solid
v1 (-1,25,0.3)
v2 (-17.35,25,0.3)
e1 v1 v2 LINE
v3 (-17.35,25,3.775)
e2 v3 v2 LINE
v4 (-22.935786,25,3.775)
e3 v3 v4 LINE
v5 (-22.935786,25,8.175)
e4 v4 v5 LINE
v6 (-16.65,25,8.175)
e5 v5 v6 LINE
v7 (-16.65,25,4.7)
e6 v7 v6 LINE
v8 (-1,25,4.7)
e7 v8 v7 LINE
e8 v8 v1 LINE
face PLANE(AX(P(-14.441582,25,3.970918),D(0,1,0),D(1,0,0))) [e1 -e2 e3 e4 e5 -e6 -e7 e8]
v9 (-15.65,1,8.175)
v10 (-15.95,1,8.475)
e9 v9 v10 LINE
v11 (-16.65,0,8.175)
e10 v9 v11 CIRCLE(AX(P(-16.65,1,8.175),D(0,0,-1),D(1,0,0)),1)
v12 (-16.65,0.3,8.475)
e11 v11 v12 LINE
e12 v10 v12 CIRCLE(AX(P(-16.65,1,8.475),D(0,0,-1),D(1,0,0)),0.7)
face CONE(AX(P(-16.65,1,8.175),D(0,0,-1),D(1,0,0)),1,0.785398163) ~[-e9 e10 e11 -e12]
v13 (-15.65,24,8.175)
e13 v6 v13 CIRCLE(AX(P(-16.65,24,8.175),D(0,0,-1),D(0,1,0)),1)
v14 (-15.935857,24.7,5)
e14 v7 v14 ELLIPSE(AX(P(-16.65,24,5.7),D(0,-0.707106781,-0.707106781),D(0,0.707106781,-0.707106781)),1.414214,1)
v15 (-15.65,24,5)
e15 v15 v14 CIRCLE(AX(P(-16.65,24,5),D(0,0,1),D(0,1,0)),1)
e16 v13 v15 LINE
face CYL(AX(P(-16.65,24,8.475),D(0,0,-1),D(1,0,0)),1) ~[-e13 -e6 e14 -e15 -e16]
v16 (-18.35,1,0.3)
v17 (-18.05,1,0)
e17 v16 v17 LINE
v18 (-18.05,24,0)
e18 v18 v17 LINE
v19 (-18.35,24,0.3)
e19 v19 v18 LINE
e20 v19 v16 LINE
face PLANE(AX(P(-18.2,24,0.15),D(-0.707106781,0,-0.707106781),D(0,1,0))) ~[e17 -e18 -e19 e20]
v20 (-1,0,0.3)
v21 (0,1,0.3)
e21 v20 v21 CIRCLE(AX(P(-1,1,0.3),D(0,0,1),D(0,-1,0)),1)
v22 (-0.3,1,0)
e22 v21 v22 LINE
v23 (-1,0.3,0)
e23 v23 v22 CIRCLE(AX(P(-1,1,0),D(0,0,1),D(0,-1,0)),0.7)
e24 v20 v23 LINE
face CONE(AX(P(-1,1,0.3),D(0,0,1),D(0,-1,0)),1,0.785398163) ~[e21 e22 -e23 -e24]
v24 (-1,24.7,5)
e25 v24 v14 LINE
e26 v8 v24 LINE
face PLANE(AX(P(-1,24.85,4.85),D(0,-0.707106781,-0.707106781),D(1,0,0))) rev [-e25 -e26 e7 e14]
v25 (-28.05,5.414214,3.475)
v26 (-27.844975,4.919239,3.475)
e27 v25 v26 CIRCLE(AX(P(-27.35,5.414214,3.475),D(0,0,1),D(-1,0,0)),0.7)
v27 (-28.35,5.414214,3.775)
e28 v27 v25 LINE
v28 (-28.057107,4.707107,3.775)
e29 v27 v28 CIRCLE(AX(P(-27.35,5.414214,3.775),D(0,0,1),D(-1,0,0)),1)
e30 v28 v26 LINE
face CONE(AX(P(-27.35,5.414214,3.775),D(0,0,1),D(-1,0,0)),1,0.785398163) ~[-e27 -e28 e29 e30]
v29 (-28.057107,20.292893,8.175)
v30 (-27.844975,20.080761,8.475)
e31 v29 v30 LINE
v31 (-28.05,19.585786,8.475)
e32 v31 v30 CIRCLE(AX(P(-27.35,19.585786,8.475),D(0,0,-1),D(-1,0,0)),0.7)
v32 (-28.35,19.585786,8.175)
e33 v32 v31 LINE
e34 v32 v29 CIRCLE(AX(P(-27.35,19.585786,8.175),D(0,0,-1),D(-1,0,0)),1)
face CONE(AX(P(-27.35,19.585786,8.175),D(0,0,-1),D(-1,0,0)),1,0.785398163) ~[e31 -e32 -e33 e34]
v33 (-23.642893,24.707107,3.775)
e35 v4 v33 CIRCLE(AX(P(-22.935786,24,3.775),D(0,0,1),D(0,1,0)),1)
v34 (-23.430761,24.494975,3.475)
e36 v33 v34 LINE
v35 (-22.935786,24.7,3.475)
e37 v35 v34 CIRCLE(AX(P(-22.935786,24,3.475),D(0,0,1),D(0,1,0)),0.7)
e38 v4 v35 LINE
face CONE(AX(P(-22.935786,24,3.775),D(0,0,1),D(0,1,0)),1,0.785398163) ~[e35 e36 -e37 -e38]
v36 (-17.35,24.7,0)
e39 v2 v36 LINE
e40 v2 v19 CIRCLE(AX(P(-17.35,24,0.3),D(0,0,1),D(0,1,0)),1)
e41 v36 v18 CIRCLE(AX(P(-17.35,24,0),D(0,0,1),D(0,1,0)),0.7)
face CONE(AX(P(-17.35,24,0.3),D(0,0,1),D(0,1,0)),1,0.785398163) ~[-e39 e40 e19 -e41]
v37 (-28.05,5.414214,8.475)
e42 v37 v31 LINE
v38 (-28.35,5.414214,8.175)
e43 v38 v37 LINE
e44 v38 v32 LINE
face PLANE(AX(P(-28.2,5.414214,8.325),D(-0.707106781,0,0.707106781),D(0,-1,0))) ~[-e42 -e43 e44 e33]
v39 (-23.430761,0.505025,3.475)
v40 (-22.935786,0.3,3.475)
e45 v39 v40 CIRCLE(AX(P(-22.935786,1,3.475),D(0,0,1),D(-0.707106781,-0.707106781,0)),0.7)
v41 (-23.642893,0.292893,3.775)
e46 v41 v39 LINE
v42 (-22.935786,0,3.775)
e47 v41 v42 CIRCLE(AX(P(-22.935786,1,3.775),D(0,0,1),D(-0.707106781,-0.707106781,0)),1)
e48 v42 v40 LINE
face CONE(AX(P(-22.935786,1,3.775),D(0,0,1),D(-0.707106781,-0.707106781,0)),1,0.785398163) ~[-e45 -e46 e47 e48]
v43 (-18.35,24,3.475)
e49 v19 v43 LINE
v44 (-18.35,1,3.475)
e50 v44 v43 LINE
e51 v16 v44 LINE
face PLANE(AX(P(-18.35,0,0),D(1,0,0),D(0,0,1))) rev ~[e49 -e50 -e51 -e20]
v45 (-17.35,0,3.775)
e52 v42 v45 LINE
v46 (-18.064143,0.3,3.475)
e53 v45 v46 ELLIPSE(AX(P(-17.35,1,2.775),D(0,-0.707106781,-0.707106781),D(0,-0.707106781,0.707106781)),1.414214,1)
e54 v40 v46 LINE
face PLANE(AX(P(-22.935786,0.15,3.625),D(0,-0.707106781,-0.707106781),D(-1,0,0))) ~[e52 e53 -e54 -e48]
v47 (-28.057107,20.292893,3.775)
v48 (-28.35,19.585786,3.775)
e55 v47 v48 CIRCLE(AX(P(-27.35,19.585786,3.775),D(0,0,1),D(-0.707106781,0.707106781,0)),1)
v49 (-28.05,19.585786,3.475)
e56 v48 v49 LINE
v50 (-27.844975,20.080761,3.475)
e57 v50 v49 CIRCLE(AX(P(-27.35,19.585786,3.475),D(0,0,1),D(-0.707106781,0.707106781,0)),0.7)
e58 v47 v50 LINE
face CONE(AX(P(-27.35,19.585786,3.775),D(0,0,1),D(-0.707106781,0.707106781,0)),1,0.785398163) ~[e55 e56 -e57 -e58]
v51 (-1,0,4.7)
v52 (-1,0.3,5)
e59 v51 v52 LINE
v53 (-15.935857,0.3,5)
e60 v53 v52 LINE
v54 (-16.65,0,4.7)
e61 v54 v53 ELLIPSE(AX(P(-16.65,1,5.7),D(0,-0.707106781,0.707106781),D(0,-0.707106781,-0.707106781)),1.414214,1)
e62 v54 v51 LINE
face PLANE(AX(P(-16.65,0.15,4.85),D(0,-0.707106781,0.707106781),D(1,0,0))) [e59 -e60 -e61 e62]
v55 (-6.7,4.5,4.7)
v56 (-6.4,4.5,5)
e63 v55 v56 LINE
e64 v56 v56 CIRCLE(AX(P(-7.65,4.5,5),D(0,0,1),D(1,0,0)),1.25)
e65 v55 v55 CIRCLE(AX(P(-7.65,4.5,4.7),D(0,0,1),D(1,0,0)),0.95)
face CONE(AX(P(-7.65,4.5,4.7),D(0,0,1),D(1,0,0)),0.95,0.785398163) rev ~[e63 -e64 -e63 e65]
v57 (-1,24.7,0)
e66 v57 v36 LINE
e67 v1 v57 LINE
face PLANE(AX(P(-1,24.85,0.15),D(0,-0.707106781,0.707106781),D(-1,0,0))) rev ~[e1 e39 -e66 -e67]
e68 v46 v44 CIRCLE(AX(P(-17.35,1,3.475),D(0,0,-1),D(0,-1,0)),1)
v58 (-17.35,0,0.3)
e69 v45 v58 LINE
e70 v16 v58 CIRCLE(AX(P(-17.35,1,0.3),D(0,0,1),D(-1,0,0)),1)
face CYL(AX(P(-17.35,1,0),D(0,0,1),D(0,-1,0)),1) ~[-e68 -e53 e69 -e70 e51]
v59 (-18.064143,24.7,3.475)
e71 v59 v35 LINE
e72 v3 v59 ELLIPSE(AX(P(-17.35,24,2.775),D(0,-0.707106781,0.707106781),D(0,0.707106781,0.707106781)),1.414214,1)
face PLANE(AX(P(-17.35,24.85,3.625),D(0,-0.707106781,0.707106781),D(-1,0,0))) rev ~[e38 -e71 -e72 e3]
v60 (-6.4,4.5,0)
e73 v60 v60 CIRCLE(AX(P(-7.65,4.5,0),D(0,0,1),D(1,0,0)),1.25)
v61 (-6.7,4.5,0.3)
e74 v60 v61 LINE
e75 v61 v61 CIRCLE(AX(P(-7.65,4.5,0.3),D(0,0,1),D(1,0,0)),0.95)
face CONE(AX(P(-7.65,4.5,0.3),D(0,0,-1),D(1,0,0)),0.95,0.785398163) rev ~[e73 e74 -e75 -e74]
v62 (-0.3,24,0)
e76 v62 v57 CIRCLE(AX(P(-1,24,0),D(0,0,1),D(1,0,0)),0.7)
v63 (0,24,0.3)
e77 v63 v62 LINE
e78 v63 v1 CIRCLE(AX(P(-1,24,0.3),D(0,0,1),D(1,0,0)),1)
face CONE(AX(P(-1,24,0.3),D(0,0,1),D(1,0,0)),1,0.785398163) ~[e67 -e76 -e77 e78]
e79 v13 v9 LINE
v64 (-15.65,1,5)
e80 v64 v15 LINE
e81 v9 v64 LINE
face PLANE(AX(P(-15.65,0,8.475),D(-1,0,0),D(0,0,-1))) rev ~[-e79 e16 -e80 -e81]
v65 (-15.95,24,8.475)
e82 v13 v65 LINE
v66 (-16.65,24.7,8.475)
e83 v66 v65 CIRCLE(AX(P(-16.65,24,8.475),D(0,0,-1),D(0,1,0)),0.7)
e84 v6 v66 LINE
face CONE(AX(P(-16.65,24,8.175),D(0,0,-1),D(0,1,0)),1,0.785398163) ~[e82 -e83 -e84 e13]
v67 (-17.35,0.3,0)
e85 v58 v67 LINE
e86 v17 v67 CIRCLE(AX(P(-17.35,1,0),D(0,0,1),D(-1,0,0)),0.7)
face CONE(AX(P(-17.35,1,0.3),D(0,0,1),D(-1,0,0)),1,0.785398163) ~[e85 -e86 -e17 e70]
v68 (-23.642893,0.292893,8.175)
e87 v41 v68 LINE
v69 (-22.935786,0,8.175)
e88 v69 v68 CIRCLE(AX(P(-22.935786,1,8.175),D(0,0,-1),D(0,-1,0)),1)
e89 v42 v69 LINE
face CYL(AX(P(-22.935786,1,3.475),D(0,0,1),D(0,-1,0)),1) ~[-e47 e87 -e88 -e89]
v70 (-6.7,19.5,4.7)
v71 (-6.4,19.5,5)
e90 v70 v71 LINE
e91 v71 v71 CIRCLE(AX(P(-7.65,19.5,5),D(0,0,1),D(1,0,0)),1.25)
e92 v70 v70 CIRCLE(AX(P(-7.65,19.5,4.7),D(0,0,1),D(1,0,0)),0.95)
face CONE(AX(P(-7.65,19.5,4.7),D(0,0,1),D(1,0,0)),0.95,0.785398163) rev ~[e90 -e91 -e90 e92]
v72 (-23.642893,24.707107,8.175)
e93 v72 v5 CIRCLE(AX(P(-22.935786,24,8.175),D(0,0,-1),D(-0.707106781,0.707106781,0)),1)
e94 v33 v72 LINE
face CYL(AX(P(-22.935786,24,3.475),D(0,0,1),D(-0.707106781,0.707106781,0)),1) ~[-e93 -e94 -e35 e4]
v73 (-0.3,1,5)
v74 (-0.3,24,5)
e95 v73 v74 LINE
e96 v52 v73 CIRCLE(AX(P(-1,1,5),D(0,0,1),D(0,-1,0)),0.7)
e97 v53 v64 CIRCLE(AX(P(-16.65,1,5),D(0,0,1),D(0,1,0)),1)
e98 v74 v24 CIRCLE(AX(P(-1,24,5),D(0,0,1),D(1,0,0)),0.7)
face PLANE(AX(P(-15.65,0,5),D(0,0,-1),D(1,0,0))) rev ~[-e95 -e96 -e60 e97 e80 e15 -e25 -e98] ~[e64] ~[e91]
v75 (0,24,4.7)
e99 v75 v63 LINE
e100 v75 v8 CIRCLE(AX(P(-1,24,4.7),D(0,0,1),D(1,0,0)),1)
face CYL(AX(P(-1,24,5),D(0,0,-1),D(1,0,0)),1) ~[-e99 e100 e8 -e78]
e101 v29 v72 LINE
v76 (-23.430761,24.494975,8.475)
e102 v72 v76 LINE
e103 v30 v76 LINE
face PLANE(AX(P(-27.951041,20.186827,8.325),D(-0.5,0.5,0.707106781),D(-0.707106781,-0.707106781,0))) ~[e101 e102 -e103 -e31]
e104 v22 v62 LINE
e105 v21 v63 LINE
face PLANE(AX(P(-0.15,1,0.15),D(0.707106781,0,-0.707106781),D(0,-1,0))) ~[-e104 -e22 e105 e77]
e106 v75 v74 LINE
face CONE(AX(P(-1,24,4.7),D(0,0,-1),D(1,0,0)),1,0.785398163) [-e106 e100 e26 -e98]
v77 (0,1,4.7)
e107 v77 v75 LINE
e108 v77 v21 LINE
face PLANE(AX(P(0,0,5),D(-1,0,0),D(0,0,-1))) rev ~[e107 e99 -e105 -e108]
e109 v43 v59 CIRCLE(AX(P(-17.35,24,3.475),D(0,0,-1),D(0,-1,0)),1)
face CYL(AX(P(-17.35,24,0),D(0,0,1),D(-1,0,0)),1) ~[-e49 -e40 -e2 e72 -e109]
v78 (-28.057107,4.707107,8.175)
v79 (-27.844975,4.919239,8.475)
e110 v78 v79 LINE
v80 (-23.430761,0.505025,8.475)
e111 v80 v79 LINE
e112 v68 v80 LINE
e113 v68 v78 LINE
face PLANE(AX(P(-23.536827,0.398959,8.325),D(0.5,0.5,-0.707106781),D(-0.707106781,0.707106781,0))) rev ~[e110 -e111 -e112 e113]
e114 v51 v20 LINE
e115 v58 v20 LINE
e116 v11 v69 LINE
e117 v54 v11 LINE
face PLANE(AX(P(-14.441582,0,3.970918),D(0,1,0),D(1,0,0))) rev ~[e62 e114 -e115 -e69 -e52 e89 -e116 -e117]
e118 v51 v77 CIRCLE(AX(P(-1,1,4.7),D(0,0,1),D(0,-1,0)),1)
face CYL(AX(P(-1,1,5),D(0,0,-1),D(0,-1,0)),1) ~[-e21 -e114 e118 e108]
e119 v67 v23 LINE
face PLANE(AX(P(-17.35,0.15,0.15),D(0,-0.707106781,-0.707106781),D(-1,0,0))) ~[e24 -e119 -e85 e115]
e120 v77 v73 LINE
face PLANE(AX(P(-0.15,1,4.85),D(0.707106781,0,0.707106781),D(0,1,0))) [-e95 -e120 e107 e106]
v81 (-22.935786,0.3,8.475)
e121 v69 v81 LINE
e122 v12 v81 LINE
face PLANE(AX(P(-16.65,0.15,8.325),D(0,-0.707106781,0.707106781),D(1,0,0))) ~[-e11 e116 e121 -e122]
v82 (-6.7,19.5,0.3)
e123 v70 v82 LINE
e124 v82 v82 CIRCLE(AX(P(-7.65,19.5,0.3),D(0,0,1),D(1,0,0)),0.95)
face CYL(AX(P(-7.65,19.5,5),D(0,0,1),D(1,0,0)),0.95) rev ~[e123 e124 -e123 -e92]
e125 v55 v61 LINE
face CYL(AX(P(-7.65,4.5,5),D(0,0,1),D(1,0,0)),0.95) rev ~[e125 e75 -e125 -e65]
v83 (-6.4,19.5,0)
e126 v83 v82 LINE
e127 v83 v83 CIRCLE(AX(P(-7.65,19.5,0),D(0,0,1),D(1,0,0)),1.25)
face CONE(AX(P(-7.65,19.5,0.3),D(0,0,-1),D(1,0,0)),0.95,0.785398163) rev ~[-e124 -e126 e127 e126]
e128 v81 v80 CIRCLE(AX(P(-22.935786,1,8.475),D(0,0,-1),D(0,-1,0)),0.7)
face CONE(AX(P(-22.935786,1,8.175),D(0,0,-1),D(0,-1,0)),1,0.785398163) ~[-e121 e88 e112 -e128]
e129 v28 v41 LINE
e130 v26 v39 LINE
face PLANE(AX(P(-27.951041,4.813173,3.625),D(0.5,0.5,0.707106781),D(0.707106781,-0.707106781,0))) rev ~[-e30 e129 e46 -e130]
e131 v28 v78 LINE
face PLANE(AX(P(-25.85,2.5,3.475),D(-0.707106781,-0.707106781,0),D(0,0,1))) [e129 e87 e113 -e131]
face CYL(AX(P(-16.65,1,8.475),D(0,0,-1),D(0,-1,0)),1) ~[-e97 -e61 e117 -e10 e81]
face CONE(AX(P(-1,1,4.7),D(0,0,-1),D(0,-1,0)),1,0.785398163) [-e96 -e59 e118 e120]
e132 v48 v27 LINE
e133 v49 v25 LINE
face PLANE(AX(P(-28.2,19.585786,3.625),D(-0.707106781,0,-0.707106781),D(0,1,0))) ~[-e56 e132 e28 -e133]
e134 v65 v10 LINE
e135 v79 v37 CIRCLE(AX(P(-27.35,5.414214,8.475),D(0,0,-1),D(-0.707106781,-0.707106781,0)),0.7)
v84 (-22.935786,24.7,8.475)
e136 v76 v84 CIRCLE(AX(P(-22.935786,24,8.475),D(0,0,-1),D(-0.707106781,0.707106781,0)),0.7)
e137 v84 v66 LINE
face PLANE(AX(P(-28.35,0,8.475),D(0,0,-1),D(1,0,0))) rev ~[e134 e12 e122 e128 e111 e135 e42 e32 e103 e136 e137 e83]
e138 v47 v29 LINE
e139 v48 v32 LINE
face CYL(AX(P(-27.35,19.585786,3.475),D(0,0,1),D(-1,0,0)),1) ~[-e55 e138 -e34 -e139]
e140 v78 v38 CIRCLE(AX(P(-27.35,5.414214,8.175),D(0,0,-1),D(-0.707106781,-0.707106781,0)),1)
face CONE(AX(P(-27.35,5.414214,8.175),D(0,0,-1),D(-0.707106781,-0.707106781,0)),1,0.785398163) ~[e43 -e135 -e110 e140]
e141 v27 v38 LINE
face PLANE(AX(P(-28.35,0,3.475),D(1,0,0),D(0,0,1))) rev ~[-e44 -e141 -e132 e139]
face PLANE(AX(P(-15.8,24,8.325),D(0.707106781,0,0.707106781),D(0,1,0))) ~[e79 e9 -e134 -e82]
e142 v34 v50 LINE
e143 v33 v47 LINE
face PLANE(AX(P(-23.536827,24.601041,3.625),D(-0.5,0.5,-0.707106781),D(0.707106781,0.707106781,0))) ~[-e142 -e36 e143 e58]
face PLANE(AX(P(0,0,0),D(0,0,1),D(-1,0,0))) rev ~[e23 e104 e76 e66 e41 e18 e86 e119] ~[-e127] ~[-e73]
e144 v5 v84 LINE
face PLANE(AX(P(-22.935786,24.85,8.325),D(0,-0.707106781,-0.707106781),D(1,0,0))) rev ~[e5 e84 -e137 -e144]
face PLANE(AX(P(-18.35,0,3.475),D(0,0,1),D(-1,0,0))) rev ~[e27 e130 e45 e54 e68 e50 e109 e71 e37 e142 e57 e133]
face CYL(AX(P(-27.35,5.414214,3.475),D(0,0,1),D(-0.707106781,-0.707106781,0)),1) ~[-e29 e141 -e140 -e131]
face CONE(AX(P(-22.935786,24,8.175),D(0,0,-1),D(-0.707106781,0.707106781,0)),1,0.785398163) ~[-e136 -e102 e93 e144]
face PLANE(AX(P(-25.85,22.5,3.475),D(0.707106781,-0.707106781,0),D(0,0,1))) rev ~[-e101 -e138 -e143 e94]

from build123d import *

# Parameters (mm, degrees)
BOSS_EXTRUDE1_DEPTH = 25
SKETCH2_R           = 0.95
CUT_EXTRUDE1_DEPTH  = 25
CHAMFER1_SIZE       = 5
FILLET1_R           = 1
CHAMFER2_SIZE       = 0.3


with BuildPart() as part:
    # Sketch1 → Boss-Extrude1 (new body)
    with BuildSketch(Plane(origin=(0, 0, 0), x_dir=(1, 0, 0), z_dir=(0, 1, 0))):
        Polygon((0, 0), (-18.35, 0), (-18.35, -3.475), (-28.35, -3.475), (-28.35, -8.475), (-15.65, -8.475), (-15.65, -5), (0, -5), align=None)
    extrude(amount=BOSS_EXTRUDE1_DEPTH)

    # Sketch2 → Cut-Extrude1 (cut)
    with BuildSketch(Plane.XY.offset(5)):
        with Locations((-7.65, 4.5)):
            Circle(SKETCH2_R)
        with Locations((-7.65, 19.5)):
            Circle(SKETCH2_R)
    extrude(amount=-CUT_EXTRUDE1_DEPTH, mode=Mode.SUBTRACT)

    # Chamfer1
    chamfer1_edges = [part.edges().sort_by_distance(p)[0] for p in [
        (-28.35, 25, 5.975),
        (-28.35, 0, 5.975),
    ]]
    chamfer(chamfer1_edges, length=CHAMFER1_SIZE)

    # Fillet1
    fillet1_edges = [part.edges().sort_by_distance(p)[0] for p in [
        (-18.35, 0, 1.7375),
        (0, 0, 2.5),
        (-18.35, 25, 1.7375),
        (-15.65, 25, 6.7375),
        (-28.35, 20, 5.975),
        (-28.35, 5, 5.975),
        (-23.35, 0, 5.975),
        (-23.35, 25, 5.975),
        (0, 25, 2.5),
        (-15.65, 0, 6.7375),
    ]]
    fillet(fillet1_edges, radius=FILLET1_R)

    # Chamfer2
    chamfer2_edges = [part.edges().sort_by_distance(p)[0] for p in [
        (-20.642893219, 0, 3.475),
        (-20.642893219, 25, 3.475),
        (-8.6, 4.5, 0),
        (-8.6, 4.5, 5),
        (-8.6, 19.5, 0),
        (-8.6, 19.5, 5),
        (-8.325, 25, 5),
        (-19.792893219, 25, 8.475),
        (-9.175, 25, 0),
        (-15.65, 12.5, 8.475),
        (-28.35, 12.5, 8.475),
        (-25.85, 2.5, 8.475),
        (-19.792893219, 0, 8.475),
        (-25.85, 22.5, 8.475),
        (-28.273879533, 5.03153013, 8.475),
        (-23.31846987, 0.076120467, 8.475),
        (-15.942893219, 0.292893219, 8.475),
        (-28.273879533, 19.96846987, 8.475),
        (-23.31846987, 24.923879533, 8.475),
        (-15.942893219, 24.707106781, 8.475),
        (-25.85, 22.5, 3.475),
        (-25.85, 2.5, 3.475),
        (-28.35, 12.5, 3.475),
        (-28.273879533, 5.03153013, 3.475),
        (-23.31846987, 0.076120467, 3.475),
        (-28.273879533, 19.96846987, 3.475),
        (-23.31846987, 24.923879533, 3.475),
        (-9.175, 0, 0),
        (-18.35, 12.5, 0),
        (0, 12.5, 0),
        (-0.292893219, 0.292893219, 0),
        (-18.057106781, 0.292893219, 0),
        (-18.057106781, 24.707106781, 0),
        (-0.292893219, 24.707106781, 0),
        (0, 12.5, 5),
        (-0.292893219, 0.292893219, 5),
        (-0.292893219, 24.707106781, 5),
        (-8.325, 0, 5),
    ]]
    chamfer(chamfer2_edges, length=CHAMFER2_SIZE)


solid = part.part
